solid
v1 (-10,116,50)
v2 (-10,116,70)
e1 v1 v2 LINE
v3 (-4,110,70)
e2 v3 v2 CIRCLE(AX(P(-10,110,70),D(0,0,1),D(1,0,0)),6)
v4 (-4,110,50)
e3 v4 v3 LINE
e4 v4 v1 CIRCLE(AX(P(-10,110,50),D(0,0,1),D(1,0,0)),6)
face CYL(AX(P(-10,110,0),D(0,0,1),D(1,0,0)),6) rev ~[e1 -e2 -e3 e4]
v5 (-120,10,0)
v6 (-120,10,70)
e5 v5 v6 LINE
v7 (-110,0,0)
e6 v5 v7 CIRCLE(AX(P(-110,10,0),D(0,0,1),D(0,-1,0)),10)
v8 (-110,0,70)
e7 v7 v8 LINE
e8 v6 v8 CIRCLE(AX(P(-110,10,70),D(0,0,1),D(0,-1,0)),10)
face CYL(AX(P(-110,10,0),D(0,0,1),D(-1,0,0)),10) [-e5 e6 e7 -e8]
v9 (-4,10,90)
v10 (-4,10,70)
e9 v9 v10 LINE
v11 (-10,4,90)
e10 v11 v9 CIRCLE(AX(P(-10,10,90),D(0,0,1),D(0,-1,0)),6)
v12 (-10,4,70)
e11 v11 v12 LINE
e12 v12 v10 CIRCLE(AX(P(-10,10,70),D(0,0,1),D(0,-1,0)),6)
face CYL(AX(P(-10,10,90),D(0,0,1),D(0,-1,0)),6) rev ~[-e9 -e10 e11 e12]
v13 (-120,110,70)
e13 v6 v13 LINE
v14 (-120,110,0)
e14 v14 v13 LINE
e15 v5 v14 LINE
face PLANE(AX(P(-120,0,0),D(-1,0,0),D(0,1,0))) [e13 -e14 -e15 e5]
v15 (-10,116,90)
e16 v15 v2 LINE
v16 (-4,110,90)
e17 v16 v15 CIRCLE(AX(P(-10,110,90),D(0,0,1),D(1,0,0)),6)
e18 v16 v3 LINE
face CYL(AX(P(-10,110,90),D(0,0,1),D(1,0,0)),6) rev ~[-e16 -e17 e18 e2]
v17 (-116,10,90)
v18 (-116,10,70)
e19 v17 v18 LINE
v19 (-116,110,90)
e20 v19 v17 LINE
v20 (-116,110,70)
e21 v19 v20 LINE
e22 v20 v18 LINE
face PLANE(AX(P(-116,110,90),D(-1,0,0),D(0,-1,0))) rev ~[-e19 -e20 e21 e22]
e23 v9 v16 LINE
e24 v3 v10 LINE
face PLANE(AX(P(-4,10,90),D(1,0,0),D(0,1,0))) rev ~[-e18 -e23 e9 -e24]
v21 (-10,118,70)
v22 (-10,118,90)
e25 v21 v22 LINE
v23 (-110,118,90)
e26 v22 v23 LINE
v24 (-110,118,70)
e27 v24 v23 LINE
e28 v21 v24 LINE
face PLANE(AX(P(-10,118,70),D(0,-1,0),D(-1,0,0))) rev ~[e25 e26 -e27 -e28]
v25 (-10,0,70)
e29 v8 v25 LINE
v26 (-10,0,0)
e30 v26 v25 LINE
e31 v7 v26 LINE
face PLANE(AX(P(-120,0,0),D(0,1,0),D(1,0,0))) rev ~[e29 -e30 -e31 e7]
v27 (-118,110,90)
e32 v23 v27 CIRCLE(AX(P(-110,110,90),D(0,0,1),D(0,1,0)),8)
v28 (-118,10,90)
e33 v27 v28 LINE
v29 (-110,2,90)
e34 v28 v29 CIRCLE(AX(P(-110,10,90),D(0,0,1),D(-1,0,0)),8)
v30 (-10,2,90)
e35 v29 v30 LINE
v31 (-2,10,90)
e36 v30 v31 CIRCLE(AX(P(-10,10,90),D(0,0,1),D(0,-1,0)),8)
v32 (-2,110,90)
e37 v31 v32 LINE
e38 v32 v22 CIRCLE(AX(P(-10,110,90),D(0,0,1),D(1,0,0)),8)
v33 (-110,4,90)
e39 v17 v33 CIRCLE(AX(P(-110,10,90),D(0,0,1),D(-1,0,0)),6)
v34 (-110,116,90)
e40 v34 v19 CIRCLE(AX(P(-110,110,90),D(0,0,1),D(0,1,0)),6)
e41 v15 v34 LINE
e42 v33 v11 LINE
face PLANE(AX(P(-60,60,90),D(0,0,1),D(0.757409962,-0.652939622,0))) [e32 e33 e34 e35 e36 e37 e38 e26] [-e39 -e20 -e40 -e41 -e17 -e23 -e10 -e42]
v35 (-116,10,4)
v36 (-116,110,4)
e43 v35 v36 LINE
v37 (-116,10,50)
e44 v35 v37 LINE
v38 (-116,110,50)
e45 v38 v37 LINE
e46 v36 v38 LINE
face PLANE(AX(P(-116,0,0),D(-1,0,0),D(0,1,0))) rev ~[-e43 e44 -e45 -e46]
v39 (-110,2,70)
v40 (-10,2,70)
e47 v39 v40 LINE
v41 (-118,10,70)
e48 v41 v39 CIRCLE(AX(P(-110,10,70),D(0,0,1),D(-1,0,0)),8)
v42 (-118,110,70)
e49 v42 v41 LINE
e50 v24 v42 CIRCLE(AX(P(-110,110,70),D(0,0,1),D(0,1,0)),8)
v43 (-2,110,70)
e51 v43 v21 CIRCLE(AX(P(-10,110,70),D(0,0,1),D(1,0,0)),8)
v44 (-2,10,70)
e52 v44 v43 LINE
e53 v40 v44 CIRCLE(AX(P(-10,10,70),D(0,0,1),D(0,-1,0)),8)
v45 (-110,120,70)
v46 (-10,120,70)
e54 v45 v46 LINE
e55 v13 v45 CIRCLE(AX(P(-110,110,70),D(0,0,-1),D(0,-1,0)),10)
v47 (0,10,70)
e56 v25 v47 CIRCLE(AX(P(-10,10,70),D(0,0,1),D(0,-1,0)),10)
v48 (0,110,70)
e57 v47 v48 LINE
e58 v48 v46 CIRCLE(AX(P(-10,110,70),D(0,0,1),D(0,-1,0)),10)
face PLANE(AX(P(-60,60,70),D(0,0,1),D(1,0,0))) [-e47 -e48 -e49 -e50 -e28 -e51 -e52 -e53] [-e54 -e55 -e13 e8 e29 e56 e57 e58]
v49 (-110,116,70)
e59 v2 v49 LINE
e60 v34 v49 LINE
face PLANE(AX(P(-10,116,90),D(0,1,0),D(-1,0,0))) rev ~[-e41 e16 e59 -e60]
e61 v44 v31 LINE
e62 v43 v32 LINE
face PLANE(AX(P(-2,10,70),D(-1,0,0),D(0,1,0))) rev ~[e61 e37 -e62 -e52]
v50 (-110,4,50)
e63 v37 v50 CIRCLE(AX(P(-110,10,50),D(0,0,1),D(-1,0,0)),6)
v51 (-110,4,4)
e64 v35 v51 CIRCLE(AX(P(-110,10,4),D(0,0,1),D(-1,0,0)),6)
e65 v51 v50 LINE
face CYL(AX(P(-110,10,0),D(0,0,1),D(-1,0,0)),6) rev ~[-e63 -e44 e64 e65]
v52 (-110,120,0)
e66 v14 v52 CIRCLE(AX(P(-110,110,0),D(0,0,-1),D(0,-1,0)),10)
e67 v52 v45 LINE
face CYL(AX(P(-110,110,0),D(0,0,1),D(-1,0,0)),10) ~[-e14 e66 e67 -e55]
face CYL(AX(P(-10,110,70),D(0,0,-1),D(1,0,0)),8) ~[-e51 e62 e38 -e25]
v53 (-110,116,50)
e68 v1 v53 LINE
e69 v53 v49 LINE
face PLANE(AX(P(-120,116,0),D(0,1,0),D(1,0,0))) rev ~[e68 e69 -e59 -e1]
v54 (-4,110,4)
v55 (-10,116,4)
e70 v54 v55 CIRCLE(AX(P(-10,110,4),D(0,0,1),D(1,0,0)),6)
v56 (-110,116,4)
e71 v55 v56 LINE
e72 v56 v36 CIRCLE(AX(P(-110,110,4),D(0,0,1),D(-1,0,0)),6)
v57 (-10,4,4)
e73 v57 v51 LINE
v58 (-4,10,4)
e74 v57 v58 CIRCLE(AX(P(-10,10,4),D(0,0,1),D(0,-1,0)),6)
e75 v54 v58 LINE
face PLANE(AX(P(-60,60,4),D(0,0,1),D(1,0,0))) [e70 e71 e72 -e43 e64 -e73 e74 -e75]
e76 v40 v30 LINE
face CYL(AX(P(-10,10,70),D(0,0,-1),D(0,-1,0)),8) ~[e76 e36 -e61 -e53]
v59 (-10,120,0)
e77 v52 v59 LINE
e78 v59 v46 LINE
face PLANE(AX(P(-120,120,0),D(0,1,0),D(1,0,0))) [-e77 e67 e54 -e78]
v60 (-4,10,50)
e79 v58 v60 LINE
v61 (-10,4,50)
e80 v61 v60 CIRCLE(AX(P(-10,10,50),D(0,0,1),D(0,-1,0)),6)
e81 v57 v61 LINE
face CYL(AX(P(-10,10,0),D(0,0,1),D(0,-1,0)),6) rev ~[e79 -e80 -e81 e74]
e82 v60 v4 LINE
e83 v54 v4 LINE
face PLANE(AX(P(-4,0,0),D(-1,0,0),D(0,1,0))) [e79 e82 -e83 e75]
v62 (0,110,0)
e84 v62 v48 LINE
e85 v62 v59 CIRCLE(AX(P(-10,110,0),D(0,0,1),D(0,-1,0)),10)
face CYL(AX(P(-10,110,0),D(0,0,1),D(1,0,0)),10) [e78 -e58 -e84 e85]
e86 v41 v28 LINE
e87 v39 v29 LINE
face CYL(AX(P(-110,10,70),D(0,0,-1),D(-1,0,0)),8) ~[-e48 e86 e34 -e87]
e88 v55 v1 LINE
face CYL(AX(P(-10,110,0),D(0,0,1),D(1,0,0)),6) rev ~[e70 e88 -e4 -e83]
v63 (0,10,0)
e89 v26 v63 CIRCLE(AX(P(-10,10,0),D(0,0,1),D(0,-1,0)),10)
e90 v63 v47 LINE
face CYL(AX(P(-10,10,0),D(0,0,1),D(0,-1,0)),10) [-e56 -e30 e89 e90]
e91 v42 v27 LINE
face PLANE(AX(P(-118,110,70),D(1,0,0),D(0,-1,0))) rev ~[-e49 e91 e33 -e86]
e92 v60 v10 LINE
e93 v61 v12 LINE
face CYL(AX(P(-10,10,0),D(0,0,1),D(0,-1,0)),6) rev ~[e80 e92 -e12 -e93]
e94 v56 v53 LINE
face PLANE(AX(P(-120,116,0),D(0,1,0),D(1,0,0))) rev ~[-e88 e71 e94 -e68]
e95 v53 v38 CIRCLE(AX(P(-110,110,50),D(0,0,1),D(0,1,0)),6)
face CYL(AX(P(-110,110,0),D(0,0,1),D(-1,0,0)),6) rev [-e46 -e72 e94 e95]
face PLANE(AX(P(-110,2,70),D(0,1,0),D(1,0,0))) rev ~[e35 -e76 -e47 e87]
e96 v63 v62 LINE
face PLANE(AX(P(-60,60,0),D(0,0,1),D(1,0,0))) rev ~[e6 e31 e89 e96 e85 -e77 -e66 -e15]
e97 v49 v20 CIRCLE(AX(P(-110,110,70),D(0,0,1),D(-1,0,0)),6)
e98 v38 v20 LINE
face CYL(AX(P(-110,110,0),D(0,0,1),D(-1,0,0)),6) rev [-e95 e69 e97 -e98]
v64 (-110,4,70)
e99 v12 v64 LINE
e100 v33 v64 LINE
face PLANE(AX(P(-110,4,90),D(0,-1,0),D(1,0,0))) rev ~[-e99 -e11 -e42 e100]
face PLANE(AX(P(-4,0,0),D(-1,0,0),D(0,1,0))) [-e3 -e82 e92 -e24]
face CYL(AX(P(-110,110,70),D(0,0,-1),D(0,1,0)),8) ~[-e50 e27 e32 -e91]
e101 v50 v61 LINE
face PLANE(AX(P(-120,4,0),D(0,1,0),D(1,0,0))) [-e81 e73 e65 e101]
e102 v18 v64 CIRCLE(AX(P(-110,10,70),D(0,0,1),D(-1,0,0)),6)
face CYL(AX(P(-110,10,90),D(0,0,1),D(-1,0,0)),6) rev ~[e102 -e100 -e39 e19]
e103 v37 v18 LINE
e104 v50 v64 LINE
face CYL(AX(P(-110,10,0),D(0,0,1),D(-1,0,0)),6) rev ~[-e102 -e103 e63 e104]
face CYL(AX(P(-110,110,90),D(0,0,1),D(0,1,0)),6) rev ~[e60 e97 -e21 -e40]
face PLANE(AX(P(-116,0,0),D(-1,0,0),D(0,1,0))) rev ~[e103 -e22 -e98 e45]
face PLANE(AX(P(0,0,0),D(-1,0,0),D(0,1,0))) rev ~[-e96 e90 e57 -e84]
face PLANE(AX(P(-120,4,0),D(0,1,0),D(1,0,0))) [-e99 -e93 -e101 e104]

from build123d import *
from build123d.topology import SkipClean

# Parameters (mm, degrees)
SKETCH1_W           = 120
SKETCH1_H           = 120
BOSS_EXTRUDE2_DEPTH = 70
FILLET2_R           = 10
SHELL2_T            = -4
BOSS_EXTRUDE3_DEPTH = 20
CUT_EXTRUDE2_DEPTH  = 40


with BuildPart() as part:
    # Sketch1 → Boss-Extrude2 (new body)
    with BuildSketch(Plane.XY):
        with Locations((-60, 60)):
            Rectangle(SKETCH1_W, SKETCH1_H)
    extrude(amount=BOSS_EXTRUDE2_DEPTH)

    # Fillet2
    fillet2_edges = [part.edges().sort_by_distance(p)[0] for p in [
        (0, 120, 35),
        (0, 0, 35),
        (-120, 0, 35),
        (-120, 120, 35),
    ]]
    fillet(fillet2_edges, radius=FILLET2_R)

    # Shell2
    shell2_openings = [part.faces().sort_by_distance(p)[0] for p in [
        (-60, 60, 70),
    ]]
    offset(amount=SHELL2_T, openings=shell2_openings, kind=Kind.INTERSECTION)

    # 3DSketch3 → Boss-Extrude3 (add)
    with BuildSketch(Plane(origin=(-2, 10, 70), x_dir=(-0.7574099616005767, 0.6529396220694628, 0), z_dir=(0, 0, -1))):
        with BuildLine():
            Line((0, 0), (65.293962207, 75.74099616))
            ThreePointArc((65.293962207, 75.74099616), (70.762268416, 78.495621219), (76.576758876, 76.576758876))
            Line((76.576758876, 76.576758876), (152.317755036, 11.282796669))
            ThreePointArc((152.317755036, 11.282796669), (155.072380095, 5.814490461), (153.153517753, 0))
            Line((153.153517753, 0), (87.859555546, -75.74099616))
            ThreePointArc((87.859555546, -75.74099616), (82.391249337, -78.495621219), (76.576758876, -76.576758876))
            Line((76.576758876, -76.576758876), (0.835762716, -11.282796669))
            ThreePointArc((0.835762716, -11.282796669), (-1.918862343, -5.814490461), (0, 0))
        make_face()
    extrude(amount=-BOSS_EXTRUDE3_DEPTH)

    # 3DSketch4 → Cut-Extrude2 (cut)
    with SkipClean():  # the faces are left unmerged after this step: merging them gives an invalid solid
        with BuildSketch(Plane(origin=(-4, 10, 90), x_dir=(-0.7459376616259146, 0.6660157693088524, 0), z_dir=(0, 0, -1))):
            with BuildLine():
                Line((0, 0), (66.601576931, 74.593766163))
                ThreePointArc((66.601576931, 74.593766163), (70.738123029, 76.588082621), (75.073297516, 75.073297516))
                Line((75.073297516, 75.073297516), (149.667063679, 8.471720586))
                ThreePointArc((149.667063679, 8.471720586), (151.661380138, 4.335174488), (150.146595033, 0))
                Line((150.146595033, 0), (83.545018102, -74.593766163))
                ThreePointArc((83.545018102, -74.593766163), (79.408472004, -76.588082621), (75.073297516, -75.073297516))
                Line((75.073297516, -75.073297516), (0.479531354, -8.471720586))
                ThreePointArc((0.479531354, -8.471720586), (-1.514785105, -4.335174488), (0, 0))
            make_face()
        extrude(amount=CUT_EXTRUDE2_DEPTH, mode=Mode.SUBTRACT)


solid = part.part
